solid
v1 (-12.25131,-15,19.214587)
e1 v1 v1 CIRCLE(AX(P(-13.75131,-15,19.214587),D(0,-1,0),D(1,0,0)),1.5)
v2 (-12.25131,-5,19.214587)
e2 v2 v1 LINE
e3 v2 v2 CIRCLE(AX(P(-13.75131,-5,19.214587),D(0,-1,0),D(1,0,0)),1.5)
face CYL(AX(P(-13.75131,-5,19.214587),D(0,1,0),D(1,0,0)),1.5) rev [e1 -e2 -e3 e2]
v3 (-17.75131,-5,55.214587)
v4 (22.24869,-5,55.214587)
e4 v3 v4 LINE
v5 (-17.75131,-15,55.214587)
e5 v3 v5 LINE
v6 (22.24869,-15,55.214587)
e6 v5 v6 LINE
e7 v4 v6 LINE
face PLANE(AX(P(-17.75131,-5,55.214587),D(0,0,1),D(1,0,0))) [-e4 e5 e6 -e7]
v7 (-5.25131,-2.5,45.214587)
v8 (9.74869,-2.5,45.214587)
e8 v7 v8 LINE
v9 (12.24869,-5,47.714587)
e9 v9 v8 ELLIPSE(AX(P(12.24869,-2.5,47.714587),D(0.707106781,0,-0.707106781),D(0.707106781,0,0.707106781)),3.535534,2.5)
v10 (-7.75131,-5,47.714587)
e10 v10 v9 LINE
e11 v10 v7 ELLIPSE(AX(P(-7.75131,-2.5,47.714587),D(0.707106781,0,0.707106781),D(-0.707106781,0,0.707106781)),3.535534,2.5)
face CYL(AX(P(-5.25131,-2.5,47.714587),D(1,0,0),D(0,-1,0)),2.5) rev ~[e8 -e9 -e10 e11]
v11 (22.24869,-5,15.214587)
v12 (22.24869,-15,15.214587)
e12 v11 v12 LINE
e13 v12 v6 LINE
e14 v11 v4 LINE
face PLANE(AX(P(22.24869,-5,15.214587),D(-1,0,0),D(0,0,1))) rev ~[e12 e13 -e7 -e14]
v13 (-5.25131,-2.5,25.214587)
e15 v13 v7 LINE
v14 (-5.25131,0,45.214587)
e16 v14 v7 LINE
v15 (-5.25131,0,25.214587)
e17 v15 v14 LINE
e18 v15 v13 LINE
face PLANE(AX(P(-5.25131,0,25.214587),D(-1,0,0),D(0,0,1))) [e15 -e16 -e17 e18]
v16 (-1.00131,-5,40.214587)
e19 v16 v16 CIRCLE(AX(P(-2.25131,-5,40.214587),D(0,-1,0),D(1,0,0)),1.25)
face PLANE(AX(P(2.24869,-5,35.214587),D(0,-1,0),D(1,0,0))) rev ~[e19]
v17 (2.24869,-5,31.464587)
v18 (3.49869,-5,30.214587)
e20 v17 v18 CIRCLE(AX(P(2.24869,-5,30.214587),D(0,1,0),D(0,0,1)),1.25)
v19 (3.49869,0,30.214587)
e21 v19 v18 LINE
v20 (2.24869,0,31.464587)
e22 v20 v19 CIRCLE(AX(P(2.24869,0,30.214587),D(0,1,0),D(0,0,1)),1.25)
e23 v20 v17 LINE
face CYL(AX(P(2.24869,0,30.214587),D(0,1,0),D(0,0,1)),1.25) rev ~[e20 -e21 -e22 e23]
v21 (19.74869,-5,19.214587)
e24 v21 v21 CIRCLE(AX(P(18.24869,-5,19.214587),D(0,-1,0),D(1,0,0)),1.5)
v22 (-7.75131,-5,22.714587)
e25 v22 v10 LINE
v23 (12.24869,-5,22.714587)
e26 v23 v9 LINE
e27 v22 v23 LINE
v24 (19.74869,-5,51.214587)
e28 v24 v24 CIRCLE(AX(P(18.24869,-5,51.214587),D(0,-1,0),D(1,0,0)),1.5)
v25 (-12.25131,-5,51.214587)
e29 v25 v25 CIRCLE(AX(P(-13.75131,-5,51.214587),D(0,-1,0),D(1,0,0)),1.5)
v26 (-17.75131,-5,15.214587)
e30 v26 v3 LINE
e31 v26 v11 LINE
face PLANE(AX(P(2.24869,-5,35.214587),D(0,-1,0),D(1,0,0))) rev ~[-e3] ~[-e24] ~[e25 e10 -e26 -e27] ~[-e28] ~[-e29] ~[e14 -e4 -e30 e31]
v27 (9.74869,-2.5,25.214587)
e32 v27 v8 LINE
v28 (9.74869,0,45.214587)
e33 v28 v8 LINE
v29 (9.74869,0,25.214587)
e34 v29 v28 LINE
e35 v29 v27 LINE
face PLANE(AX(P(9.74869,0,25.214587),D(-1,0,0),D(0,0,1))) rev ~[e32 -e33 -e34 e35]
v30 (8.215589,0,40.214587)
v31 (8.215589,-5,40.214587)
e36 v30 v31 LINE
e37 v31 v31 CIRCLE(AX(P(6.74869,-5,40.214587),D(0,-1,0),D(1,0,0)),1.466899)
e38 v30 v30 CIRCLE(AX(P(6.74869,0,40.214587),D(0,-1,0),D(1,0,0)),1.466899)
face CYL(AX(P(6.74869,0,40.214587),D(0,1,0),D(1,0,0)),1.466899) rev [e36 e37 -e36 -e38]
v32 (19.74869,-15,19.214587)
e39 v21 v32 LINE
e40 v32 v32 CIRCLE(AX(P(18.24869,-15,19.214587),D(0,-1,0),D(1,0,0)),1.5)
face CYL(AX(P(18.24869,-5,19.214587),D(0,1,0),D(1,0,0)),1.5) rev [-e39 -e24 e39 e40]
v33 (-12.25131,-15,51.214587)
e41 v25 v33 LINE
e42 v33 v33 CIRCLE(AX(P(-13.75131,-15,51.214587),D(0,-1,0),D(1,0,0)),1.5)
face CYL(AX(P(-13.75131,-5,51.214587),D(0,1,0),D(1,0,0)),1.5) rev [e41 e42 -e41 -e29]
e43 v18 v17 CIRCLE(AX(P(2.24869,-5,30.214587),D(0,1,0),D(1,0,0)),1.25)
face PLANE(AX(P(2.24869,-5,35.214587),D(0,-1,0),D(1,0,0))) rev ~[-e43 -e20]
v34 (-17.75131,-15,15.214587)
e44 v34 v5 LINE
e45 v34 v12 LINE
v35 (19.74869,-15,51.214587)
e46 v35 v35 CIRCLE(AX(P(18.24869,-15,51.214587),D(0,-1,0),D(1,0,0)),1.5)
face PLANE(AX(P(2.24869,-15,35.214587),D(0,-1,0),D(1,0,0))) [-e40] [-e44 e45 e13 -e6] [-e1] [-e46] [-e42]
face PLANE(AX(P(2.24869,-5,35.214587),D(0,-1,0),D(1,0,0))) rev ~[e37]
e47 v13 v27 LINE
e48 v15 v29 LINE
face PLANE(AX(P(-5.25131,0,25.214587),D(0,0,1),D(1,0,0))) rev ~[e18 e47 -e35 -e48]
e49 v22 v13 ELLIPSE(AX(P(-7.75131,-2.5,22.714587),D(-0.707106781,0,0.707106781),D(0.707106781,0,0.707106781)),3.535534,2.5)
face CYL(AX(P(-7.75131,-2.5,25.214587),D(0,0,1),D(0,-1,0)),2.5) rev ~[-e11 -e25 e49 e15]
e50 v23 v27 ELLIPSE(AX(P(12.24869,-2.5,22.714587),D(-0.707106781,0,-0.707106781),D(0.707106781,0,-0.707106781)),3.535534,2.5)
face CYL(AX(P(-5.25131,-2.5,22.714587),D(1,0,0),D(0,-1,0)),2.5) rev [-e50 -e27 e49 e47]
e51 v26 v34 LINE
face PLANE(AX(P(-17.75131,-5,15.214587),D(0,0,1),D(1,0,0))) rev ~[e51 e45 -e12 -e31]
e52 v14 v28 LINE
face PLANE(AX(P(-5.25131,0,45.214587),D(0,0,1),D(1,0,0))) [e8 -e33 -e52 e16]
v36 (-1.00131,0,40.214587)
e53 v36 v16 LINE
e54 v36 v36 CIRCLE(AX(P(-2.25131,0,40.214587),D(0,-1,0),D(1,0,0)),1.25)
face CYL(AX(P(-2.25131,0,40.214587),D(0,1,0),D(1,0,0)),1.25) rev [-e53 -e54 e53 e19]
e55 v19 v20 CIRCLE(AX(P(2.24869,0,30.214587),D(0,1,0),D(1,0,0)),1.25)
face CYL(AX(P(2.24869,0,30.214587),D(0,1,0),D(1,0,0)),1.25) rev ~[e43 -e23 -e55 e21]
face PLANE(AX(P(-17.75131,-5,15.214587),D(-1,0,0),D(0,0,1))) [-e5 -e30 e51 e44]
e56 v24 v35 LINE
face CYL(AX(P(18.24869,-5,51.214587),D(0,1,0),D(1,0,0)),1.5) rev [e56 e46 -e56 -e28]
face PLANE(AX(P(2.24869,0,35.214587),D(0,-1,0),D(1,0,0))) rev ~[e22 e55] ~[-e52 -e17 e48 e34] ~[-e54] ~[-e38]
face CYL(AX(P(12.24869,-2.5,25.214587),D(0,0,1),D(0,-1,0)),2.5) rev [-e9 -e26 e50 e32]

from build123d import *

# Parameters (mm, degrees)
F0_W     = 15
F0_H     = 20
F0_R     = 1.25
F0_R_2   = 1.4668994292
F1_DEPTH = 5
F2_W     = 40
F2_H     = 40
F2_R     = 1.5
F2_W_2   = 15
F2_H_2   = 20
F2_R_2   = 1.25
F3_DEPTH = 10
F4_R     = 2.5


with BuildPart() as f1:
    # F0 (on Front) → F1 (new body)
    with BuildSketch(Plane.XZ):
        with Locations((2.2486895237, 35.21458745)):
            Rectangle(F0_W, F0_H)
        with BuildLine():
            ThreePointArc((2.2486895237, 31.46458745), (3.1325730002, 31.0984709265), (3.4986895237, 30.21458745))
            ThreePointArc((3.4986895237, 30.21458745), (1.3648060472, 29.3307039735), (2.2486895237, 31.46458745))
        make_face(mode=Mode.SUBTRACT)
        with Locations((-2.2513104763, 40.21458745)):
            Circle(F0_R, mode=Mode.SUBTRACT)
        with Locations((6.7486895237, 40.21458745)):
            Circle(F0_R_2, mode=Mode.SUBTRACT)
    extrude(amount=F1_DEPTH)

    # F2 (on face) → F3 (join)
    with BuildSketch(Plane.XZ.offset(5)):
        with Locations((2.2486895237, 35.21458745)):
            Rectangle(F2_W, F2_H)
        with Locations((-13.7513104763, 19.21458745)):
            Circle(F2_R, mode=Mode.SUBTRACT)
        with Locations((2.2486895237, 35.21458745)):
            Rectangle(F2_W_2, F2_H_2, mode=Mode.SUBTRACT)
        with Locations((18.2486895237, 19.21458745)):
            Circle(F2_R, mode=Mode.SUBTRACT)
        with Locations((-13.7513104763, 51.21458745)):
            Circle(F2_R, mode=Mode.SUBTRACT)
        with Locations((18.2486895237, 51.21458745)):
            Circle(F2_R, mode=Mode.SUBTRACT)
        with BuildLine():
            Line((9.7486895237, 25.21458745), (9.7486895237, 45.21458745))
            Line((9.7486895237, 45.21458745), (7.0718369676, 41.6454507086))
            ThreePointArc((7.0718369676, 41.6454507086), (7.8945120964, 41.1304938683), (8.2155889529, 40.21458745))
            ThreePointArc((8.2155889529, 40.21458745), (7.1158037309, 38.7943687717), (5.4655420798, 39.5037241914))
            Line((5.4655420798, 39.5037241914), (-5.2513104763, 25.21458745))
            Line((-5.2513104763, 25.21458745), (9.7486895237, 25.21458745))
        make_face()
        with Locations((2.2486895237, 30.21458745)):
            Circle(F2_R_2, mode=Mode.SUBTRACT)
        with BuildLine():
            Line((7.0718369676, 41.6454507086), (9.7486895237, 45.21458745))
            Line((9.7486895237, 45.21458745), (-5.2513104763, 45.21458745))
            Line((-5.2513104763, 45.21458745), (-5.2513104763, 25.21458745))
            Line((-5.2513104763, 25.21458745), (5.4655420798, 39.5037241914))
            ThreePointArc((5.4655420798, 39.5037241914), (5.5751699804, 41.0947271075), (7.0718369676, 41.6454507086))
        make_face()
        with Locations((-2.2513104763, 40.21458745)):
            Circle(F2_R_2, mode=Mode.SUBTRACT)
        with BuildLine():
            ThreePointArc((8.2155889529, 40.21458745), (7.8945120964, 41.1304938683), (7.0718369676, 41.6454507086))
            Line((7.0718369676, 41.6454507086), (5.4655420798, 39.5037241914))
            ThreePointArc((5.4655420798, 39.5037241914), (7.1158037309, 38.7943687717), (8.2155889529, 40.21458745))
        make_face()
        with Locations((-2.2513104763, 40.21458745)):
            Circle(F2_R_2)
        with BuildLine():
            Line((5.4655420798, 39.5037241914), (7.0718369676, 41.6454507086))
            ThreePointArc((7.0718369676, 41.6454507086), (5.5751699804, 41.0947271075), (5.4655420798, 39.5037241914))
        make_face()
        with Locations((2.2486895237, 30.21458745)):
            Circle(F2_R_2)
    extrude(amount=F3_DEPTH)

    # F4
    f4_edges = [f1.edges().sort_by_distance(p)[0] for p in [
        (-5.25131, -5, 35.214587),
        (2.24869, -5, 25.214587),
        (9.74869, -5, 35.214587),
        (2.24869, -5, 45.214587),
    ]]
    fillet(f4_edges, radius=F4_R)


solid = f1.part
